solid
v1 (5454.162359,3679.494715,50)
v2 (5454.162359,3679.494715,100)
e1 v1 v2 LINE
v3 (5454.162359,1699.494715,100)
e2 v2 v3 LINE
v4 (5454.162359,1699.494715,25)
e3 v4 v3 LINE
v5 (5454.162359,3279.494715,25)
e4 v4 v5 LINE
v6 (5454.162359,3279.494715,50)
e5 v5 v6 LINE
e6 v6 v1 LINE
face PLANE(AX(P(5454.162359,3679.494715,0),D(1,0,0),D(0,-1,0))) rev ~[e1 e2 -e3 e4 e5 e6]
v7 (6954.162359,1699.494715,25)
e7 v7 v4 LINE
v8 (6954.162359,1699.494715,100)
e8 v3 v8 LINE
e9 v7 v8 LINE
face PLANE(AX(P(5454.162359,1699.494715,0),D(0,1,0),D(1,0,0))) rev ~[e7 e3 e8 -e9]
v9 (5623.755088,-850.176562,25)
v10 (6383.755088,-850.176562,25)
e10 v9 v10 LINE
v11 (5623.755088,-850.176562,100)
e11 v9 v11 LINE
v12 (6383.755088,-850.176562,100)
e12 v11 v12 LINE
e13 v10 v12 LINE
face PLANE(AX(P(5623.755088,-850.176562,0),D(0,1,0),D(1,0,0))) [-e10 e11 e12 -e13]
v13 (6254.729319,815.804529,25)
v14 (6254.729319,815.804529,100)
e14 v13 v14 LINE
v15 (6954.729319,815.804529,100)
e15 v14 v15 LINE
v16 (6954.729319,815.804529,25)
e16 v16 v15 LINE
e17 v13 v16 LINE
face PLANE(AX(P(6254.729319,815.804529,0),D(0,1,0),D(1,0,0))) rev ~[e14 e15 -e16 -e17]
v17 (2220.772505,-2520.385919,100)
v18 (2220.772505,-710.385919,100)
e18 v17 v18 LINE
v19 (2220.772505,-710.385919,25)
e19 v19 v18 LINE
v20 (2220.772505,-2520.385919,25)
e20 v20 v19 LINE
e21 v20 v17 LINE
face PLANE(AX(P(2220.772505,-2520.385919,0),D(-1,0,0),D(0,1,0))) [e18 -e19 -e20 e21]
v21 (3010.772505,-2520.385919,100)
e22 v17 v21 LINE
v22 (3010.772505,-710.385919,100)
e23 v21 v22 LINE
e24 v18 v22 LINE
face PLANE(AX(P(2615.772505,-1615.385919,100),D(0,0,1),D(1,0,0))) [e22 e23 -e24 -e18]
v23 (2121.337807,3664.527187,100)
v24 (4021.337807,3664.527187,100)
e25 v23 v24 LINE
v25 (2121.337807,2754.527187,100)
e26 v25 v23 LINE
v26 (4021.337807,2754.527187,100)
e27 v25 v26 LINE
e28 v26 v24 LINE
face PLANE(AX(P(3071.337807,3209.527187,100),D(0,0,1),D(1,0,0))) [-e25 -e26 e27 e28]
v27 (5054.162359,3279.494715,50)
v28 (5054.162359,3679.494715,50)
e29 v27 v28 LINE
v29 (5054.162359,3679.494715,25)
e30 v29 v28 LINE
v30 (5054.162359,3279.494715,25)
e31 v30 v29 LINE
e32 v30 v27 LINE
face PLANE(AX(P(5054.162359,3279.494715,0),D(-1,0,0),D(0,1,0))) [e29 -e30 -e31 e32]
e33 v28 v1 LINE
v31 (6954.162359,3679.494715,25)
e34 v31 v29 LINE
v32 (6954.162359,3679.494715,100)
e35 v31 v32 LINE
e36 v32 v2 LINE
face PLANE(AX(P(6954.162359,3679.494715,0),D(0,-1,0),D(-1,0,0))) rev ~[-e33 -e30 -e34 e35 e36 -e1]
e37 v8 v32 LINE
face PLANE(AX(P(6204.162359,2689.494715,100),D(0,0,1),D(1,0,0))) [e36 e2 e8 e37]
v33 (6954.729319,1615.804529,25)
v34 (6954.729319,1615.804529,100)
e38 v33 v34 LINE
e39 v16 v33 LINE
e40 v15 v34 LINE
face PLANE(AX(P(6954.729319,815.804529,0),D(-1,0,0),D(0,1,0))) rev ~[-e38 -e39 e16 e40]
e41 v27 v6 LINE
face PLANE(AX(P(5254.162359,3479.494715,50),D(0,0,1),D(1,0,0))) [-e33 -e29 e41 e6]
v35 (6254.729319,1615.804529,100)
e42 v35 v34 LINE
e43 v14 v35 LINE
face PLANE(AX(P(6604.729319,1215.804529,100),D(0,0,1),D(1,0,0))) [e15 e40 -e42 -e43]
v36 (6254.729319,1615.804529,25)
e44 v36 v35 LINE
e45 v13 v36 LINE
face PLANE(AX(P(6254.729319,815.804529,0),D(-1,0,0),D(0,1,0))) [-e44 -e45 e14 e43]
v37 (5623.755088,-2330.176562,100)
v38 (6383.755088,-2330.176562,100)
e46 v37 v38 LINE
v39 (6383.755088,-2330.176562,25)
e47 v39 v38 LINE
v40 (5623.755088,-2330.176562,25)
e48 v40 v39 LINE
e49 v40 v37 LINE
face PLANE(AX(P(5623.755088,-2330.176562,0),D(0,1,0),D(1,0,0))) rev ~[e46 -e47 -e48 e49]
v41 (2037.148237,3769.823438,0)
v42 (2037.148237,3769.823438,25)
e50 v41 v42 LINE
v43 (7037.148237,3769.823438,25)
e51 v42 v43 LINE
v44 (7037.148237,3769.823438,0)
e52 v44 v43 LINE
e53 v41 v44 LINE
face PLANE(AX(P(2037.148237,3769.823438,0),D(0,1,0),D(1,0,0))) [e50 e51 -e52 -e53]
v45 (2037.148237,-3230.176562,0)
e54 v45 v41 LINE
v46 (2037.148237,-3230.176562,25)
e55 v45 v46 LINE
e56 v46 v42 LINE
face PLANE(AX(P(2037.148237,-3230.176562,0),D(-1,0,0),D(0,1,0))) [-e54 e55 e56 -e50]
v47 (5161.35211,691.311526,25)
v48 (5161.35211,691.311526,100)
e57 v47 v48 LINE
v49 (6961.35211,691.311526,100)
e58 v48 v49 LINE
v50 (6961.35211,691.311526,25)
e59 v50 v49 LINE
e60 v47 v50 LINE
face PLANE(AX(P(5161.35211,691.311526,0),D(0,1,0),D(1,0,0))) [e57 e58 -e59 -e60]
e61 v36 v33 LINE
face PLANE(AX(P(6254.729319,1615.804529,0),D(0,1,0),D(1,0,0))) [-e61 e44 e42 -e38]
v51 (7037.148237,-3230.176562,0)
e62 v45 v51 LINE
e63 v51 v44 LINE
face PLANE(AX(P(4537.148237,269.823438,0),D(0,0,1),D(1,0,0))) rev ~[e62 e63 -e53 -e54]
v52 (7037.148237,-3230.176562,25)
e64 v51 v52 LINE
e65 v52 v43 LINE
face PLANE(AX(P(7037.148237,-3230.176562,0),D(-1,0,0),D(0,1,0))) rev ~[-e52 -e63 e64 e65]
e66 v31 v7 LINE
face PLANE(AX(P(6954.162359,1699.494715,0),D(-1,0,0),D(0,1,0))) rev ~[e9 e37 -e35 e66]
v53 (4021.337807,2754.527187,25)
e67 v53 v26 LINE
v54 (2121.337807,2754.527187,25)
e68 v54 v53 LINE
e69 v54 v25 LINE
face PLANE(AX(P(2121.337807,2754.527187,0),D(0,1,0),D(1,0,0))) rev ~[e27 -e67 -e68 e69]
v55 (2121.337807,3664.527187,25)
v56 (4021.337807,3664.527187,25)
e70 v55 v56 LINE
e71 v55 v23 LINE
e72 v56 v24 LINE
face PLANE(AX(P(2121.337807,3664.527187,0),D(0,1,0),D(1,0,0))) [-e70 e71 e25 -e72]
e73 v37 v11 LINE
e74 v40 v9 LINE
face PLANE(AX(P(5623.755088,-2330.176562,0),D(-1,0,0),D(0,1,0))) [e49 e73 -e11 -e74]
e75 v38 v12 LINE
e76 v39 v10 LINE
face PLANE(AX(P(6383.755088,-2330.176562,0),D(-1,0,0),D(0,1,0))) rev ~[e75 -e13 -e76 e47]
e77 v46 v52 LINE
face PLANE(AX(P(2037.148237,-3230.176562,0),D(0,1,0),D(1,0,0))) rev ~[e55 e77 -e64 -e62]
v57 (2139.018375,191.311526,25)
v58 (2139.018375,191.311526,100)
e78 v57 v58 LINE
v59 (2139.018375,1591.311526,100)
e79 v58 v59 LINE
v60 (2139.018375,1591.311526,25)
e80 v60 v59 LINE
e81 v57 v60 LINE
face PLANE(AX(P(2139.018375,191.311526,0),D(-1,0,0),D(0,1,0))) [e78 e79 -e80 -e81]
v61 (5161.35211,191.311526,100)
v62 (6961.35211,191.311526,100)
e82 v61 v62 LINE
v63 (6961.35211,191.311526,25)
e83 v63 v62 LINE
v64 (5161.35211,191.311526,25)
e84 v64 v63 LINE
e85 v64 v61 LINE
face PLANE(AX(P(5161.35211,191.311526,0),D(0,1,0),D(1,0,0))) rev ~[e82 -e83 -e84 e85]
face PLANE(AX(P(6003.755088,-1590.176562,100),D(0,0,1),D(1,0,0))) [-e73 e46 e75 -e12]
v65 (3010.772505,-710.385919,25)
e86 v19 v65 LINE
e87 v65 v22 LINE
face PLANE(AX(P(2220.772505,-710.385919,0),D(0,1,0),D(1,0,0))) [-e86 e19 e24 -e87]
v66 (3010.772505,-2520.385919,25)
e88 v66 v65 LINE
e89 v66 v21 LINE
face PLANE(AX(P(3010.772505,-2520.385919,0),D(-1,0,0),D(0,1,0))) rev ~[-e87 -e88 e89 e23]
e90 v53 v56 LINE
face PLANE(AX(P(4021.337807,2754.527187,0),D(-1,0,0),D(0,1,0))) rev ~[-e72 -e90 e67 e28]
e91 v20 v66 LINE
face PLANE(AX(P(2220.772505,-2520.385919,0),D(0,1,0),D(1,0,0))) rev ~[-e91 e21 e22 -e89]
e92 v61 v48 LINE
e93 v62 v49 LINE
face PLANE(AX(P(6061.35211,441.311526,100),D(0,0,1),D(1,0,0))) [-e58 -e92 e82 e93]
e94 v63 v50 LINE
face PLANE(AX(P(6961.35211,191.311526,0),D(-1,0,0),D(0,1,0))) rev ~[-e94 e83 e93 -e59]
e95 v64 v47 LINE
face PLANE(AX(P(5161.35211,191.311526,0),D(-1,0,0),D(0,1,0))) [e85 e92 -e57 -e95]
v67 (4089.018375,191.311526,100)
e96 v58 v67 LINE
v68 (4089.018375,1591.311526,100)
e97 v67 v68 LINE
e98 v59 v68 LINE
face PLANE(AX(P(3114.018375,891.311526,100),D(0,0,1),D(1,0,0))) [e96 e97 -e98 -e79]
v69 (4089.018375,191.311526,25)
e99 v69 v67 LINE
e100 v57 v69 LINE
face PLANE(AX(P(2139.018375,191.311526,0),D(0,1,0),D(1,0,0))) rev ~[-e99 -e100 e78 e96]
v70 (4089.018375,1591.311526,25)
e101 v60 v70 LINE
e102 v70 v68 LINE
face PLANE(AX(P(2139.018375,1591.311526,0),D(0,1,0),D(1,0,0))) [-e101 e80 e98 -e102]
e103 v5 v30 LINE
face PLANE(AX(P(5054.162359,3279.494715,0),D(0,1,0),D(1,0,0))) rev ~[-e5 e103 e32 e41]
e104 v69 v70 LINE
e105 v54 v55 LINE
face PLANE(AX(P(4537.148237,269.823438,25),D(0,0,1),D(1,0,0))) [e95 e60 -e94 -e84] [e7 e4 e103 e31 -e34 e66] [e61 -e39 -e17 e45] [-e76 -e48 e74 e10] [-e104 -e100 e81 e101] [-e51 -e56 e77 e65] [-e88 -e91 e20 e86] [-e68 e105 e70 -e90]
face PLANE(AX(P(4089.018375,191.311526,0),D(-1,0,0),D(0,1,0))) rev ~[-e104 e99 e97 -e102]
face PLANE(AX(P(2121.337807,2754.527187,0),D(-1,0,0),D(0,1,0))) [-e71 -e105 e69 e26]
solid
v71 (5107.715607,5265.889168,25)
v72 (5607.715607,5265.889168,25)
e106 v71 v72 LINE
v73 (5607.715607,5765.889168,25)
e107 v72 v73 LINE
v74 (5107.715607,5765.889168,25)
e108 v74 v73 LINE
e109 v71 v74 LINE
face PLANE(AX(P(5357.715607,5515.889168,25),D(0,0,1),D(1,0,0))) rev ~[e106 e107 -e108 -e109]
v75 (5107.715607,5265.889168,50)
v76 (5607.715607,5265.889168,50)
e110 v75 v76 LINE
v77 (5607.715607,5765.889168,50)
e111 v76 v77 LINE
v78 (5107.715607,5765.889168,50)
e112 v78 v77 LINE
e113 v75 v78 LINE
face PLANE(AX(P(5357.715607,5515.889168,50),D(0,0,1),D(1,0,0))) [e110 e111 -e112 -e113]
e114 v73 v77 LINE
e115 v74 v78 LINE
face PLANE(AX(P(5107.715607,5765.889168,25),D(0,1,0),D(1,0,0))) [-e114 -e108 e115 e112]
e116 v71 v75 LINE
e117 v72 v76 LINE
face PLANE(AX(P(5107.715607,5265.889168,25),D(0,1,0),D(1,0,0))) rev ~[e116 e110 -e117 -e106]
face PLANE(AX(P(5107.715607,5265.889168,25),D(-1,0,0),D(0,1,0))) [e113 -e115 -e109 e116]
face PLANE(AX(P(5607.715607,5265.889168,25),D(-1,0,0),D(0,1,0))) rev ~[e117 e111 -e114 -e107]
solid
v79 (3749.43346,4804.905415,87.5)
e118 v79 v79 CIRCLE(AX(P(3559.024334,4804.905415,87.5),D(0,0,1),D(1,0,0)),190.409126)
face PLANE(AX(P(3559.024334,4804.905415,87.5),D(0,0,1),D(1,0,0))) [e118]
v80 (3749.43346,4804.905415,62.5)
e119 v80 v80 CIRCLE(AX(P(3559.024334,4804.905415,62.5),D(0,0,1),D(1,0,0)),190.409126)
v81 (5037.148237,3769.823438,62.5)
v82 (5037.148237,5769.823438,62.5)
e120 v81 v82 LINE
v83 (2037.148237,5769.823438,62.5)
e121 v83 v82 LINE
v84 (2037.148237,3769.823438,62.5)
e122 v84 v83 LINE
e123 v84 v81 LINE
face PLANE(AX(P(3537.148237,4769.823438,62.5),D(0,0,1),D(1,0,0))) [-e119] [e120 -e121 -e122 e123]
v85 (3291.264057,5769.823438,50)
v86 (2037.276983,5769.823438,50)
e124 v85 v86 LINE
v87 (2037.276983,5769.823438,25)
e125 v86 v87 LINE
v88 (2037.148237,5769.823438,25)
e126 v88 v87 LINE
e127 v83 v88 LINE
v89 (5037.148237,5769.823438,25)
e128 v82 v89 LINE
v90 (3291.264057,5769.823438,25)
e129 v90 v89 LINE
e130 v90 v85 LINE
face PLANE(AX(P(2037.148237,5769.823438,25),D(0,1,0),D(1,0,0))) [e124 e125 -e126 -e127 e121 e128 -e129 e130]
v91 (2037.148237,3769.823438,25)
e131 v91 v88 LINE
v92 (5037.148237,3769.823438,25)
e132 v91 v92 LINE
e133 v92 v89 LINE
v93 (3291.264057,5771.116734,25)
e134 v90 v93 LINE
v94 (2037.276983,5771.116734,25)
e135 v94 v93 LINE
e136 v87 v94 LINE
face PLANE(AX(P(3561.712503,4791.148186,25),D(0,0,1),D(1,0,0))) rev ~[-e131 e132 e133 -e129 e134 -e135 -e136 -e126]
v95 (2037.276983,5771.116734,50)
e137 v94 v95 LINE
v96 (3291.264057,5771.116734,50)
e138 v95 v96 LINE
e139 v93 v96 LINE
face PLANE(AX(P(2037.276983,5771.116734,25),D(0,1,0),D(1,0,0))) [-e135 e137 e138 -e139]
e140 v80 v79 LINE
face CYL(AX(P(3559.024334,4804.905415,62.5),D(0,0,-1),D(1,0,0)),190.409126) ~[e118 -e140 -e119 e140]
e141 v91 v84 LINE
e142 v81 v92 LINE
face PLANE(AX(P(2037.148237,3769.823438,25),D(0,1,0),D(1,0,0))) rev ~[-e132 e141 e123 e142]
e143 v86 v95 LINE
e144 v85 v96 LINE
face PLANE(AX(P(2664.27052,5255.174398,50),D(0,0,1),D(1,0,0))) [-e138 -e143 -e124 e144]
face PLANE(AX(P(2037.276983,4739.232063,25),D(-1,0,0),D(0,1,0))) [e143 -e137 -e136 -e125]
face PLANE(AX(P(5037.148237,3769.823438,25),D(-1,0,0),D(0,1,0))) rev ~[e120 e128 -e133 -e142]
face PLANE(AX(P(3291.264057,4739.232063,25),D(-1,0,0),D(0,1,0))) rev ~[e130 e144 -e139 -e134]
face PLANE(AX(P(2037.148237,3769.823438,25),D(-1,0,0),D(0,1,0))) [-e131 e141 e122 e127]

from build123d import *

# Parameters (mm, degrees)
F0_W       = 5000
F0_H       = 7000
F0_W_2     = 790
F0_H_2     = 1810
F0_W_3     = 760
F0_H_3     = 1480
F0_W_4     = 1950
F0_H_4     = 1400
F0_W_5     = 1900
F0_H_5     = 910
F0_W_6     = 1800
F0_H_6     = 500
F0_W_7     = 700
F0_H_7     = 800
F1_DEPTH   = 25
F2_DEPTH   = 100
F3_DEPTH   = 100
F0_W_8     = 400
F0_H_8     = 400
F4_DEPTH   = 50
F5_DEPTH   = 100
F6_DEPTH   = 100
F7_DEPTH   = 100
F8_DEPTH   = 100
F9_DEPTH   = 100
F10_W      = 3000
F10_H      = 2000
F13_DEPTH  = 12.5
F11_W      = 500
F11_H      = 500
F14_DEPTH  = 25
F12_R      = 126.5540122986
F12_W      = 1253.9870738983
F12_H      = 1031.8846702576
F12_W_2    = 497.074842453
F12_H_2    = 817.5168037415
F13_FACE_W = 3000
F13_FACE_H = 2000
F15_DEPTH  = 25
F16_R      = 190.4091259928
F17_DEPTH  = 25


with BuildPart() as f1:
    # F0 (on Top) → F1 (new body)
    with BuildSketch(Plane.XY):
        with Locations((4537.1482372284, 269.8234380165)):
            Rectangle(F0_W, F0_H)
        with Locations((2615.7725048065, -1615.3859186172)):
            Rectangle(F0_W_2, F0_H_2, mode=Mode.SUBTRACT)
        with Locations((6003.7550878525, -1590.1765619835)):
            Rectangle(F0_W_3, F0_H_3, mode=Mode.SUBTRACT)
        with Locations((3114.0183746815, 891.3115263859)):
            Rectangle(F0_W_4, F0_H_4, mode=Mode.SUBTRACT)
        with Locations((3071.3378071785, 3209.5271874348)):
            Rectangle(F0_W_5, F0_H_5, mode=Mode.SUBTRACT)
        with Locations((6061.3521099091, 441.3115263859)):
            Rectangle(F0_W_6, F0_H_6, mode=Mode.SUBTRACT)
        with Locations((6604.7293186188, 1215.8045292774)):
            Rectangle(F0_W_7, F0_H_7, mode=Mode.SUBTRACT)
        Polygon((5054.1623592377, 3679.4947148243), (5454.1623592377, 3679.4947148243), (6954.1623592377, 3679.4947148243), (6954.1623592377, 1699.4947148243), (5454.1623592377, 1699.4947148243), (5454.1623592377, 3279.4947148243), (5054.1623592377, 3279.4947148243), align=None, mode=Mode.SUBTRACT)
    extrude(amount=F1_DEPTH)

    # F0 (on Top) → F2 (join)
    with BuildSketch(Plane.XY):
        with Locations((3071.3378071785, 3209.5271874348)):
            Rectangle(F0_W_5, F0_H_5)
    extrude(amount=F2_DEPTH)

    # F0 (on Top) → F3 (join)
    with BuildSketch(Plane.XY):
        with Locations((3114.0183746815, 891.3115263859)):
            Rectangle(F0_W_4, F0_H_4)
    extrude(amount=F3_DEPTH)

    # F0 (on Top) → F4 (join)
    with BuildSketch(Plane.XY):
        with Locations((5254.1623592377, 3479.4947148243)):
            Rectangle(F0_W_8, F0_H_8)
    extrude(amount=F4_DEPTH)

    # F0 (on Top) → F5 (join)
    with BuildSketch(Plane.XY):
        Polygon((6954.1623592377, 3679.4947148243), (5454.1623592377, 3679.4947148243), (5454.1623592377, 3279.4947148243), (5454.1623592377, 1699.4947148243), (6954.1623592377, 1699.4947148243), align=None)
    extrude(amount=F5_DEPTH)

    # F0 (on Top) → F6 (join)
    with BuildSketch(Plane.XY):
        with Locations((6604.7293186188, 1215.8045292774)):
            Rectangle(F0_W_7, F0_H_7)
    extrude(amount=F6_DEPTH)

    # F0 (on Top) → F7 (join)
    with BuildSketch(Plane.XY):
        with Locations((6061.3521099091, 441.3115263859)):
            Rectangle(F0_W_6, F0_H_6)
    extrude(amount=F7_DEPTH)

    # F0 (on Top) → F8 (join)
    with BuildSketch(Plane.XY):
        with Locations((6003.7550878525, -1590.1765619835)):
            Rectangle(F0_W_3, F0_H_3)
    extrude(amount=F8_DEPTH)

    # F0 (on Top) → F9 (join)
    with BuildSketch(Plane.XY):
        with Locations((2615.7725048065, -1615.3859186172)):
            Rectangle(F0_W_2, F0_H_2)
    extrude(amount=F9_DEPTH)


with BuildPart() as f13:
    # F10 (on face) → F13 (new body)
    with BuildSketch(Plane.XY.offset(25)):
        with Locations((3537.1482372284, 4769.8234380165)):
            Rectangle(F10_W, F10_H)
    extrude(amount=F13_DEPTH)

    # F12 (on face) + F13_face (on face) → F15 (join)
    with BuildSketch(Plane.XY.offset(25)):
        with Locations((3561.7125034332, 4791.14818573)):
            Circle(F12_R)
        with Locations((2664.2705202103, 5255.1743984222)):
            Rectangle(F12_W, F12_H)
        with Locations((2285.8144044876, 4188.7857913971)):
            Rectangle(F12_W_2, F12_H_2)
        Polygon((5035.0966453552, 5159.3179702759), (5035.0966453552, 5628.8223266602), (4785.4528427124, 5628.8223266602), (4785.4528427124, 5567.0471191406), (4785.4528427124, 5230.0539016724), (4785.4528427124, 5159.3179702759), align=None)
        with BuildLine():
            Line((4785.4528427124, 5230.0539016724), (4785.4528427124, 5567.0471191406))
            ThreePointArc((4785.4528427124, 5567.0471191406), (4531.6836768333, 5398.5505104065), (4785.4528427124, 5230.0539016724))
        make_face()
    with BuildSketch(Plane(origin=(3537.1482372284, 4769.8234380165, 37.5), x_dir=(1, 0, 0), z_dir=(0, 0, 1))):
        Rectangle(F13_FACE_W, F13_FACE_H)
    extrude(amount=F15_DEPTH)

    # F16 (on face) → F17 (join)
    with BuildSketch(Plane.XY.offset(62.5)):
        with Locations((3559.0243339539, 4804.9054145813)):
            Circle(F16_R)
    extrude(amount=F17_DEPTH)


with BuildPart() as f14:
    # F11 (on face) → F14 (new body)
    with BuildSketch(Plane.XY.offset(25)):
        with Locations((5357.7156066895, 5515.8891677856)):
            Rectangle(F11_W, F11_H)
    extrude(amount=F14_DEPTH)


solid = Compound([f1.part, f13.part, f14.part])
